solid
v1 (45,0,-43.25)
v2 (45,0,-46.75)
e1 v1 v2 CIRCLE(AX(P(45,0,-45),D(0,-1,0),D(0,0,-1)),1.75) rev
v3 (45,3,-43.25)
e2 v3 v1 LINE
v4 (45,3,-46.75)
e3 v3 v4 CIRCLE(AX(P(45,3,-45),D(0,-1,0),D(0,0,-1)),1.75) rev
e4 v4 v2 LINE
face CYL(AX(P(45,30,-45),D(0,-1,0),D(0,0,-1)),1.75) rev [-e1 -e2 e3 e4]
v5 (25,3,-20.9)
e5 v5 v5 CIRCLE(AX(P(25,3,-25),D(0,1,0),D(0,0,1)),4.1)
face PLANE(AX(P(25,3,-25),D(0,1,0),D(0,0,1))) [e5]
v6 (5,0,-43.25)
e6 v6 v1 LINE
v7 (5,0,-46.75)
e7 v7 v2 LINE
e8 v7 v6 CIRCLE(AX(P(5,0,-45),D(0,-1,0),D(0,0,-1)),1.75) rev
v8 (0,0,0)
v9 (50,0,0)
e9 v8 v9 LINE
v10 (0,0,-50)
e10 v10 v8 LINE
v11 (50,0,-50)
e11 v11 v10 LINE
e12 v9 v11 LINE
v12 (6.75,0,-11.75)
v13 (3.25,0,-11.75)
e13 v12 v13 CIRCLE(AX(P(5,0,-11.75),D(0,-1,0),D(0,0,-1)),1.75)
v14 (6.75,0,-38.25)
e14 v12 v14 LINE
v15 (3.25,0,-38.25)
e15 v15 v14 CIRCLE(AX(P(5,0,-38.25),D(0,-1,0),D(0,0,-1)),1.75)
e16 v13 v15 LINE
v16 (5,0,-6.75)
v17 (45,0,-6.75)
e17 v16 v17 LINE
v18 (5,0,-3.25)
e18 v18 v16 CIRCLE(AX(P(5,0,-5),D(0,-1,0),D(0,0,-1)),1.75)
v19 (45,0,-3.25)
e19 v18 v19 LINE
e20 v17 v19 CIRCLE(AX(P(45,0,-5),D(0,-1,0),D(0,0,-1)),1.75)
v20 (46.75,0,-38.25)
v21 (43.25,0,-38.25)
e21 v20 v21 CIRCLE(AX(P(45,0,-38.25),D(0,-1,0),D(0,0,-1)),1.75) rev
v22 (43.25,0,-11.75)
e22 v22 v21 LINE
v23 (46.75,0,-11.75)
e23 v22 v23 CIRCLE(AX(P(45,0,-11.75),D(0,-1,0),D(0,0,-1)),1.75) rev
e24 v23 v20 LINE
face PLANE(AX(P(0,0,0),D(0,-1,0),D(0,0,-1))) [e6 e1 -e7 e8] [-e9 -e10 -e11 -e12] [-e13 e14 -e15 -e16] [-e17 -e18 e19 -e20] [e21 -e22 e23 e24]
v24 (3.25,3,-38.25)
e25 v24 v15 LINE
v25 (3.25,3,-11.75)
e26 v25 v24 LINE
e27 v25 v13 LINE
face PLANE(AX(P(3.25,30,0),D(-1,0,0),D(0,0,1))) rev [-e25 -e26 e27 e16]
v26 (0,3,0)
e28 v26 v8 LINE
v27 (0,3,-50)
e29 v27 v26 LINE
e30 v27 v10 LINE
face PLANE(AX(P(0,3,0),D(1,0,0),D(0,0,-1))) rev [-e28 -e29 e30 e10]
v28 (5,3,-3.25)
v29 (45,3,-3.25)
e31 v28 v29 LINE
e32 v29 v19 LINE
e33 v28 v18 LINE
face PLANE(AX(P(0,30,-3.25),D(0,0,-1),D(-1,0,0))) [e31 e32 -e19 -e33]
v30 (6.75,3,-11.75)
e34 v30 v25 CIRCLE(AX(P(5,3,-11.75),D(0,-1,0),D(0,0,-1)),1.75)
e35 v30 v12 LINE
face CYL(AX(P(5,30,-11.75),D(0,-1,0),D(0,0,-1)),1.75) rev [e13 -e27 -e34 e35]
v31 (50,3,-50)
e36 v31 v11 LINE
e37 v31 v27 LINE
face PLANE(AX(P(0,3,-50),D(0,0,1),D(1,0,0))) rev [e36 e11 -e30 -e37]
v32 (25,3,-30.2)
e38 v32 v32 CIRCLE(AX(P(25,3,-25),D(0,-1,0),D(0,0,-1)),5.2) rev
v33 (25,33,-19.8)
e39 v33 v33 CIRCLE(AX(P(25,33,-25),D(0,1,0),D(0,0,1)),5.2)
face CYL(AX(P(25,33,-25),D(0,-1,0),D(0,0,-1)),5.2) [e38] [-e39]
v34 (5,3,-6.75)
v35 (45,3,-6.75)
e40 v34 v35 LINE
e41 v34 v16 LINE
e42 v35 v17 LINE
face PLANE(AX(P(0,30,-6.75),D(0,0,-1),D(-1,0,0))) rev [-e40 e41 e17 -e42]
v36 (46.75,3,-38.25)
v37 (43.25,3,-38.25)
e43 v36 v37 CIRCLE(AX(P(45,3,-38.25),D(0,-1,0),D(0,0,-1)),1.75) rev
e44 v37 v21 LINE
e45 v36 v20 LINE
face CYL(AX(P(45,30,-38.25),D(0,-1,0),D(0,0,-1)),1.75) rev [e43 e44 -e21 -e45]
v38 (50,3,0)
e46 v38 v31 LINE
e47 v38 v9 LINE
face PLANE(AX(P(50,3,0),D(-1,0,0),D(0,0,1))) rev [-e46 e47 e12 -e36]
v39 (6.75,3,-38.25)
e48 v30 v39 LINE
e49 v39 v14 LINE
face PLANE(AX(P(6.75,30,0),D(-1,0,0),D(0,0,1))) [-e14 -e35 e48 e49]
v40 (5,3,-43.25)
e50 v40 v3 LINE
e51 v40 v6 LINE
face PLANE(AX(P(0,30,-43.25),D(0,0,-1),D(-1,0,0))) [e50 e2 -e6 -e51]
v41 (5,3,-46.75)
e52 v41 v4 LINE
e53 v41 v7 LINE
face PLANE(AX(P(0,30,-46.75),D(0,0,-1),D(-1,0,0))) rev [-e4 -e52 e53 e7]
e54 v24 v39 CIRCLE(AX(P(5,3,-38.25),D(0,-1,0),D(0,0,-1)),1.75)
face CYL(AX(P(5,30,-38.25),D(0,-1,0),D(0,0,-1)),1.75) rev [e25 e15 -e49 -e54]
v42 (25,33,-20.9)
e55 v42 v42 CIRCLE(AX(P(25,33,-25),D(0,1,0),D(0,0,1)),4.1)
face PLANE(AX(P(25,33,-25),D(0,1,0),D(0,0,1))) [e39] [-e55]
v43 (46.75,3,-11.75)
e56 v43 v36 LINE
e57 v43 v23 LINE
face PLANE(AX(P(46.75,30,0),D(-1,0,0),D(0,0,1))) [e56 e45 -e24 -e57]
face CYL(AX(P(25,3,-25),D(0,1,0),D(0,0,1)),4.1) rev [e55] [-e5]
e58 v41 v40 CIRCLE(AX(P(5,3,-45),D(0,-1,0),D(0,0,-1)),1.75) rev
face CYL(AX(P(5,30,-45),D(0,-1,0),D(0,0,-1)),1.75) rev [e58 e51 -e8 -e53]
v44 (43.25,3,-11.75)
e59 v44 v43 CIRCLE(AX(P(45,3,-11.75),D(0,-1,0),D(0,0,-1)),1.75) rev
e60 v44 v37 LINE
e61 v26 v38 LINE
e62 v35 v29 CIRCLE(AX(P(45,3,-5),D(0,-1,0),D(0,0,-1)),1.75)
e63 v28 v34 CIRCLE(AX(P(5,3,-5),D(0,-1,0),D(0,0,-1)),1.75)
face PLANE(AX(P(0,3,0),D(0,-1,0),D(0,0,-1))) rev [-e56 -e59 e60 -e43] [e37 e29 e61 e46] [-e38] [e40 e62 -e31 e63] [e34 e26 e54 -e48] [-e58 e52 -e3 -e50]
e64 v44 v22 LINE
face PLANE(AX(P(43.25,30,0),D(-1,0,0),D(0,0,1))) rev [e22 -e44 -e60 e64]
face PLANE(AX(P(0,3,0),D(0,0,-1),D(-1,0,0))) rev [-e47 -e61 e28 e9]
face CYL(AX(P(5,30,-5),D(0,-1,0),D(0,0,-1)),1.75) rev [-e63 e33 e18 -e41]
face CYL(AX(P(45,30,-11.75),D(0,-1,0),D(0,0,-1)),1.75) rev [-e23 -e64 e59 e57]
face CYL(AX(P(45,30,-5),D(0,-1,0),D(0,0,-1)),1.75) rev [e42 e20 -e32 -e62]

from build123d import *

# Parameters (mm, degrees)
SKETCH_1_W          = 50
SKETCH_1_H          = 50
EXTRUDE_1_DEPTH     = 3
SKETCH_2_R          = 5.2
EXTRUDE_3_DEPTH     = 30
SKETCH_4_R          = 4.1
CUT_EXTRUDE_1_DEPTH = 30
CUT_EXTRUDE_2_DEPTH = 30


with BuildPart() as part:
    # 草图1 → 凸台-拉伸1 (new body)
    with BuildSketch(Plane(origin=(0, 0, 0), x_dir=(1, 0, 0), z_dir=(0, 1, 0))):
        with Locations((25, 25)):
            Rectangle(SKETCH_1_W, SKETCH_1_H)
    extrude(amount=EXTRUDE_1_DEPTH)

    # 草图2 → 凸台-拉伸3 (add)
    with BuildSketch(Plane(origin=(0, 3, 0), x_dir=(1, 0, 0), z_dir=(0, 1, 0))):
        with Locations(Location((25, 25, 0), (0, 0, 90))):
            Circle(SKETCH_2_R)
    extrude(amount=EXTRUDE_3_DEPTH)

    # 草图4 → 切除-拉伸1 (cut)
    with BuildSketch(Plane(origin=(0, 33, 0), x_dir=(1, 0, 0), z_dir=(0, 1, 0))):
        with Locations(Location((25, 25, 0), (0, 0, 270))):
            Circle(SKETCH_4_R)
    extrude(amount=-CUT_EXTRUDE_1_DEPTH, mode=Mode.SUBTRACT)

    # 草图6 → 切除-拉伸2 (cut)
    with BuildSketch(Plane.XZ):
        with BuildLine():
            Line((5, -3.25), (45, -3.25))
            ThreePointArc((45, -3.25), (46.75, -5), (45, -6.75))
            Line((45, -6.75), (5, -6.75))
            ThreePointArc((5, -6.75), (3.25, -5), (5, -3.25))
        make_face()
        with BuildLine():
            Line((5, -46.75), (45, -46.75))
            ThreePointArc((45, -46.75), (46.75, -45), (45, -43.25))
            Line((45, -43.25), (5, -43.25))
            ThreePointArc((5, -43.25), (3.25, -45), (5, -46.75))
        make_face()
        with BuildLine():
            Line((6.75, -11.75), (6.75, -38.25))
            ThreePointArc((6.75, -38.25), (5, -40), (3.25, -38.25))
            Line((3.25, -38.25), (3.25, -11.75))
            ThreePointArc((3.25, -11.75), (5, -10), (6.75, -11.75))
        make_face()
        with BuildLine():
            Line((43.25, -11.75), (43.25, -38.25))
            ThreePointArc((43.25, -38.25), (45, -40), (46.75, -38.25))
            Line((46.75, -38.25), (46.75, -11.75))
            ThreePointArc((46.75, -11.75), (45, -10), (43.25, -11.75))
        make_face()
    extrude(amount=-CUT_EXTRUDE_2_DEPTH, mode=Mode.SUBTRACT)


solid = part.part
